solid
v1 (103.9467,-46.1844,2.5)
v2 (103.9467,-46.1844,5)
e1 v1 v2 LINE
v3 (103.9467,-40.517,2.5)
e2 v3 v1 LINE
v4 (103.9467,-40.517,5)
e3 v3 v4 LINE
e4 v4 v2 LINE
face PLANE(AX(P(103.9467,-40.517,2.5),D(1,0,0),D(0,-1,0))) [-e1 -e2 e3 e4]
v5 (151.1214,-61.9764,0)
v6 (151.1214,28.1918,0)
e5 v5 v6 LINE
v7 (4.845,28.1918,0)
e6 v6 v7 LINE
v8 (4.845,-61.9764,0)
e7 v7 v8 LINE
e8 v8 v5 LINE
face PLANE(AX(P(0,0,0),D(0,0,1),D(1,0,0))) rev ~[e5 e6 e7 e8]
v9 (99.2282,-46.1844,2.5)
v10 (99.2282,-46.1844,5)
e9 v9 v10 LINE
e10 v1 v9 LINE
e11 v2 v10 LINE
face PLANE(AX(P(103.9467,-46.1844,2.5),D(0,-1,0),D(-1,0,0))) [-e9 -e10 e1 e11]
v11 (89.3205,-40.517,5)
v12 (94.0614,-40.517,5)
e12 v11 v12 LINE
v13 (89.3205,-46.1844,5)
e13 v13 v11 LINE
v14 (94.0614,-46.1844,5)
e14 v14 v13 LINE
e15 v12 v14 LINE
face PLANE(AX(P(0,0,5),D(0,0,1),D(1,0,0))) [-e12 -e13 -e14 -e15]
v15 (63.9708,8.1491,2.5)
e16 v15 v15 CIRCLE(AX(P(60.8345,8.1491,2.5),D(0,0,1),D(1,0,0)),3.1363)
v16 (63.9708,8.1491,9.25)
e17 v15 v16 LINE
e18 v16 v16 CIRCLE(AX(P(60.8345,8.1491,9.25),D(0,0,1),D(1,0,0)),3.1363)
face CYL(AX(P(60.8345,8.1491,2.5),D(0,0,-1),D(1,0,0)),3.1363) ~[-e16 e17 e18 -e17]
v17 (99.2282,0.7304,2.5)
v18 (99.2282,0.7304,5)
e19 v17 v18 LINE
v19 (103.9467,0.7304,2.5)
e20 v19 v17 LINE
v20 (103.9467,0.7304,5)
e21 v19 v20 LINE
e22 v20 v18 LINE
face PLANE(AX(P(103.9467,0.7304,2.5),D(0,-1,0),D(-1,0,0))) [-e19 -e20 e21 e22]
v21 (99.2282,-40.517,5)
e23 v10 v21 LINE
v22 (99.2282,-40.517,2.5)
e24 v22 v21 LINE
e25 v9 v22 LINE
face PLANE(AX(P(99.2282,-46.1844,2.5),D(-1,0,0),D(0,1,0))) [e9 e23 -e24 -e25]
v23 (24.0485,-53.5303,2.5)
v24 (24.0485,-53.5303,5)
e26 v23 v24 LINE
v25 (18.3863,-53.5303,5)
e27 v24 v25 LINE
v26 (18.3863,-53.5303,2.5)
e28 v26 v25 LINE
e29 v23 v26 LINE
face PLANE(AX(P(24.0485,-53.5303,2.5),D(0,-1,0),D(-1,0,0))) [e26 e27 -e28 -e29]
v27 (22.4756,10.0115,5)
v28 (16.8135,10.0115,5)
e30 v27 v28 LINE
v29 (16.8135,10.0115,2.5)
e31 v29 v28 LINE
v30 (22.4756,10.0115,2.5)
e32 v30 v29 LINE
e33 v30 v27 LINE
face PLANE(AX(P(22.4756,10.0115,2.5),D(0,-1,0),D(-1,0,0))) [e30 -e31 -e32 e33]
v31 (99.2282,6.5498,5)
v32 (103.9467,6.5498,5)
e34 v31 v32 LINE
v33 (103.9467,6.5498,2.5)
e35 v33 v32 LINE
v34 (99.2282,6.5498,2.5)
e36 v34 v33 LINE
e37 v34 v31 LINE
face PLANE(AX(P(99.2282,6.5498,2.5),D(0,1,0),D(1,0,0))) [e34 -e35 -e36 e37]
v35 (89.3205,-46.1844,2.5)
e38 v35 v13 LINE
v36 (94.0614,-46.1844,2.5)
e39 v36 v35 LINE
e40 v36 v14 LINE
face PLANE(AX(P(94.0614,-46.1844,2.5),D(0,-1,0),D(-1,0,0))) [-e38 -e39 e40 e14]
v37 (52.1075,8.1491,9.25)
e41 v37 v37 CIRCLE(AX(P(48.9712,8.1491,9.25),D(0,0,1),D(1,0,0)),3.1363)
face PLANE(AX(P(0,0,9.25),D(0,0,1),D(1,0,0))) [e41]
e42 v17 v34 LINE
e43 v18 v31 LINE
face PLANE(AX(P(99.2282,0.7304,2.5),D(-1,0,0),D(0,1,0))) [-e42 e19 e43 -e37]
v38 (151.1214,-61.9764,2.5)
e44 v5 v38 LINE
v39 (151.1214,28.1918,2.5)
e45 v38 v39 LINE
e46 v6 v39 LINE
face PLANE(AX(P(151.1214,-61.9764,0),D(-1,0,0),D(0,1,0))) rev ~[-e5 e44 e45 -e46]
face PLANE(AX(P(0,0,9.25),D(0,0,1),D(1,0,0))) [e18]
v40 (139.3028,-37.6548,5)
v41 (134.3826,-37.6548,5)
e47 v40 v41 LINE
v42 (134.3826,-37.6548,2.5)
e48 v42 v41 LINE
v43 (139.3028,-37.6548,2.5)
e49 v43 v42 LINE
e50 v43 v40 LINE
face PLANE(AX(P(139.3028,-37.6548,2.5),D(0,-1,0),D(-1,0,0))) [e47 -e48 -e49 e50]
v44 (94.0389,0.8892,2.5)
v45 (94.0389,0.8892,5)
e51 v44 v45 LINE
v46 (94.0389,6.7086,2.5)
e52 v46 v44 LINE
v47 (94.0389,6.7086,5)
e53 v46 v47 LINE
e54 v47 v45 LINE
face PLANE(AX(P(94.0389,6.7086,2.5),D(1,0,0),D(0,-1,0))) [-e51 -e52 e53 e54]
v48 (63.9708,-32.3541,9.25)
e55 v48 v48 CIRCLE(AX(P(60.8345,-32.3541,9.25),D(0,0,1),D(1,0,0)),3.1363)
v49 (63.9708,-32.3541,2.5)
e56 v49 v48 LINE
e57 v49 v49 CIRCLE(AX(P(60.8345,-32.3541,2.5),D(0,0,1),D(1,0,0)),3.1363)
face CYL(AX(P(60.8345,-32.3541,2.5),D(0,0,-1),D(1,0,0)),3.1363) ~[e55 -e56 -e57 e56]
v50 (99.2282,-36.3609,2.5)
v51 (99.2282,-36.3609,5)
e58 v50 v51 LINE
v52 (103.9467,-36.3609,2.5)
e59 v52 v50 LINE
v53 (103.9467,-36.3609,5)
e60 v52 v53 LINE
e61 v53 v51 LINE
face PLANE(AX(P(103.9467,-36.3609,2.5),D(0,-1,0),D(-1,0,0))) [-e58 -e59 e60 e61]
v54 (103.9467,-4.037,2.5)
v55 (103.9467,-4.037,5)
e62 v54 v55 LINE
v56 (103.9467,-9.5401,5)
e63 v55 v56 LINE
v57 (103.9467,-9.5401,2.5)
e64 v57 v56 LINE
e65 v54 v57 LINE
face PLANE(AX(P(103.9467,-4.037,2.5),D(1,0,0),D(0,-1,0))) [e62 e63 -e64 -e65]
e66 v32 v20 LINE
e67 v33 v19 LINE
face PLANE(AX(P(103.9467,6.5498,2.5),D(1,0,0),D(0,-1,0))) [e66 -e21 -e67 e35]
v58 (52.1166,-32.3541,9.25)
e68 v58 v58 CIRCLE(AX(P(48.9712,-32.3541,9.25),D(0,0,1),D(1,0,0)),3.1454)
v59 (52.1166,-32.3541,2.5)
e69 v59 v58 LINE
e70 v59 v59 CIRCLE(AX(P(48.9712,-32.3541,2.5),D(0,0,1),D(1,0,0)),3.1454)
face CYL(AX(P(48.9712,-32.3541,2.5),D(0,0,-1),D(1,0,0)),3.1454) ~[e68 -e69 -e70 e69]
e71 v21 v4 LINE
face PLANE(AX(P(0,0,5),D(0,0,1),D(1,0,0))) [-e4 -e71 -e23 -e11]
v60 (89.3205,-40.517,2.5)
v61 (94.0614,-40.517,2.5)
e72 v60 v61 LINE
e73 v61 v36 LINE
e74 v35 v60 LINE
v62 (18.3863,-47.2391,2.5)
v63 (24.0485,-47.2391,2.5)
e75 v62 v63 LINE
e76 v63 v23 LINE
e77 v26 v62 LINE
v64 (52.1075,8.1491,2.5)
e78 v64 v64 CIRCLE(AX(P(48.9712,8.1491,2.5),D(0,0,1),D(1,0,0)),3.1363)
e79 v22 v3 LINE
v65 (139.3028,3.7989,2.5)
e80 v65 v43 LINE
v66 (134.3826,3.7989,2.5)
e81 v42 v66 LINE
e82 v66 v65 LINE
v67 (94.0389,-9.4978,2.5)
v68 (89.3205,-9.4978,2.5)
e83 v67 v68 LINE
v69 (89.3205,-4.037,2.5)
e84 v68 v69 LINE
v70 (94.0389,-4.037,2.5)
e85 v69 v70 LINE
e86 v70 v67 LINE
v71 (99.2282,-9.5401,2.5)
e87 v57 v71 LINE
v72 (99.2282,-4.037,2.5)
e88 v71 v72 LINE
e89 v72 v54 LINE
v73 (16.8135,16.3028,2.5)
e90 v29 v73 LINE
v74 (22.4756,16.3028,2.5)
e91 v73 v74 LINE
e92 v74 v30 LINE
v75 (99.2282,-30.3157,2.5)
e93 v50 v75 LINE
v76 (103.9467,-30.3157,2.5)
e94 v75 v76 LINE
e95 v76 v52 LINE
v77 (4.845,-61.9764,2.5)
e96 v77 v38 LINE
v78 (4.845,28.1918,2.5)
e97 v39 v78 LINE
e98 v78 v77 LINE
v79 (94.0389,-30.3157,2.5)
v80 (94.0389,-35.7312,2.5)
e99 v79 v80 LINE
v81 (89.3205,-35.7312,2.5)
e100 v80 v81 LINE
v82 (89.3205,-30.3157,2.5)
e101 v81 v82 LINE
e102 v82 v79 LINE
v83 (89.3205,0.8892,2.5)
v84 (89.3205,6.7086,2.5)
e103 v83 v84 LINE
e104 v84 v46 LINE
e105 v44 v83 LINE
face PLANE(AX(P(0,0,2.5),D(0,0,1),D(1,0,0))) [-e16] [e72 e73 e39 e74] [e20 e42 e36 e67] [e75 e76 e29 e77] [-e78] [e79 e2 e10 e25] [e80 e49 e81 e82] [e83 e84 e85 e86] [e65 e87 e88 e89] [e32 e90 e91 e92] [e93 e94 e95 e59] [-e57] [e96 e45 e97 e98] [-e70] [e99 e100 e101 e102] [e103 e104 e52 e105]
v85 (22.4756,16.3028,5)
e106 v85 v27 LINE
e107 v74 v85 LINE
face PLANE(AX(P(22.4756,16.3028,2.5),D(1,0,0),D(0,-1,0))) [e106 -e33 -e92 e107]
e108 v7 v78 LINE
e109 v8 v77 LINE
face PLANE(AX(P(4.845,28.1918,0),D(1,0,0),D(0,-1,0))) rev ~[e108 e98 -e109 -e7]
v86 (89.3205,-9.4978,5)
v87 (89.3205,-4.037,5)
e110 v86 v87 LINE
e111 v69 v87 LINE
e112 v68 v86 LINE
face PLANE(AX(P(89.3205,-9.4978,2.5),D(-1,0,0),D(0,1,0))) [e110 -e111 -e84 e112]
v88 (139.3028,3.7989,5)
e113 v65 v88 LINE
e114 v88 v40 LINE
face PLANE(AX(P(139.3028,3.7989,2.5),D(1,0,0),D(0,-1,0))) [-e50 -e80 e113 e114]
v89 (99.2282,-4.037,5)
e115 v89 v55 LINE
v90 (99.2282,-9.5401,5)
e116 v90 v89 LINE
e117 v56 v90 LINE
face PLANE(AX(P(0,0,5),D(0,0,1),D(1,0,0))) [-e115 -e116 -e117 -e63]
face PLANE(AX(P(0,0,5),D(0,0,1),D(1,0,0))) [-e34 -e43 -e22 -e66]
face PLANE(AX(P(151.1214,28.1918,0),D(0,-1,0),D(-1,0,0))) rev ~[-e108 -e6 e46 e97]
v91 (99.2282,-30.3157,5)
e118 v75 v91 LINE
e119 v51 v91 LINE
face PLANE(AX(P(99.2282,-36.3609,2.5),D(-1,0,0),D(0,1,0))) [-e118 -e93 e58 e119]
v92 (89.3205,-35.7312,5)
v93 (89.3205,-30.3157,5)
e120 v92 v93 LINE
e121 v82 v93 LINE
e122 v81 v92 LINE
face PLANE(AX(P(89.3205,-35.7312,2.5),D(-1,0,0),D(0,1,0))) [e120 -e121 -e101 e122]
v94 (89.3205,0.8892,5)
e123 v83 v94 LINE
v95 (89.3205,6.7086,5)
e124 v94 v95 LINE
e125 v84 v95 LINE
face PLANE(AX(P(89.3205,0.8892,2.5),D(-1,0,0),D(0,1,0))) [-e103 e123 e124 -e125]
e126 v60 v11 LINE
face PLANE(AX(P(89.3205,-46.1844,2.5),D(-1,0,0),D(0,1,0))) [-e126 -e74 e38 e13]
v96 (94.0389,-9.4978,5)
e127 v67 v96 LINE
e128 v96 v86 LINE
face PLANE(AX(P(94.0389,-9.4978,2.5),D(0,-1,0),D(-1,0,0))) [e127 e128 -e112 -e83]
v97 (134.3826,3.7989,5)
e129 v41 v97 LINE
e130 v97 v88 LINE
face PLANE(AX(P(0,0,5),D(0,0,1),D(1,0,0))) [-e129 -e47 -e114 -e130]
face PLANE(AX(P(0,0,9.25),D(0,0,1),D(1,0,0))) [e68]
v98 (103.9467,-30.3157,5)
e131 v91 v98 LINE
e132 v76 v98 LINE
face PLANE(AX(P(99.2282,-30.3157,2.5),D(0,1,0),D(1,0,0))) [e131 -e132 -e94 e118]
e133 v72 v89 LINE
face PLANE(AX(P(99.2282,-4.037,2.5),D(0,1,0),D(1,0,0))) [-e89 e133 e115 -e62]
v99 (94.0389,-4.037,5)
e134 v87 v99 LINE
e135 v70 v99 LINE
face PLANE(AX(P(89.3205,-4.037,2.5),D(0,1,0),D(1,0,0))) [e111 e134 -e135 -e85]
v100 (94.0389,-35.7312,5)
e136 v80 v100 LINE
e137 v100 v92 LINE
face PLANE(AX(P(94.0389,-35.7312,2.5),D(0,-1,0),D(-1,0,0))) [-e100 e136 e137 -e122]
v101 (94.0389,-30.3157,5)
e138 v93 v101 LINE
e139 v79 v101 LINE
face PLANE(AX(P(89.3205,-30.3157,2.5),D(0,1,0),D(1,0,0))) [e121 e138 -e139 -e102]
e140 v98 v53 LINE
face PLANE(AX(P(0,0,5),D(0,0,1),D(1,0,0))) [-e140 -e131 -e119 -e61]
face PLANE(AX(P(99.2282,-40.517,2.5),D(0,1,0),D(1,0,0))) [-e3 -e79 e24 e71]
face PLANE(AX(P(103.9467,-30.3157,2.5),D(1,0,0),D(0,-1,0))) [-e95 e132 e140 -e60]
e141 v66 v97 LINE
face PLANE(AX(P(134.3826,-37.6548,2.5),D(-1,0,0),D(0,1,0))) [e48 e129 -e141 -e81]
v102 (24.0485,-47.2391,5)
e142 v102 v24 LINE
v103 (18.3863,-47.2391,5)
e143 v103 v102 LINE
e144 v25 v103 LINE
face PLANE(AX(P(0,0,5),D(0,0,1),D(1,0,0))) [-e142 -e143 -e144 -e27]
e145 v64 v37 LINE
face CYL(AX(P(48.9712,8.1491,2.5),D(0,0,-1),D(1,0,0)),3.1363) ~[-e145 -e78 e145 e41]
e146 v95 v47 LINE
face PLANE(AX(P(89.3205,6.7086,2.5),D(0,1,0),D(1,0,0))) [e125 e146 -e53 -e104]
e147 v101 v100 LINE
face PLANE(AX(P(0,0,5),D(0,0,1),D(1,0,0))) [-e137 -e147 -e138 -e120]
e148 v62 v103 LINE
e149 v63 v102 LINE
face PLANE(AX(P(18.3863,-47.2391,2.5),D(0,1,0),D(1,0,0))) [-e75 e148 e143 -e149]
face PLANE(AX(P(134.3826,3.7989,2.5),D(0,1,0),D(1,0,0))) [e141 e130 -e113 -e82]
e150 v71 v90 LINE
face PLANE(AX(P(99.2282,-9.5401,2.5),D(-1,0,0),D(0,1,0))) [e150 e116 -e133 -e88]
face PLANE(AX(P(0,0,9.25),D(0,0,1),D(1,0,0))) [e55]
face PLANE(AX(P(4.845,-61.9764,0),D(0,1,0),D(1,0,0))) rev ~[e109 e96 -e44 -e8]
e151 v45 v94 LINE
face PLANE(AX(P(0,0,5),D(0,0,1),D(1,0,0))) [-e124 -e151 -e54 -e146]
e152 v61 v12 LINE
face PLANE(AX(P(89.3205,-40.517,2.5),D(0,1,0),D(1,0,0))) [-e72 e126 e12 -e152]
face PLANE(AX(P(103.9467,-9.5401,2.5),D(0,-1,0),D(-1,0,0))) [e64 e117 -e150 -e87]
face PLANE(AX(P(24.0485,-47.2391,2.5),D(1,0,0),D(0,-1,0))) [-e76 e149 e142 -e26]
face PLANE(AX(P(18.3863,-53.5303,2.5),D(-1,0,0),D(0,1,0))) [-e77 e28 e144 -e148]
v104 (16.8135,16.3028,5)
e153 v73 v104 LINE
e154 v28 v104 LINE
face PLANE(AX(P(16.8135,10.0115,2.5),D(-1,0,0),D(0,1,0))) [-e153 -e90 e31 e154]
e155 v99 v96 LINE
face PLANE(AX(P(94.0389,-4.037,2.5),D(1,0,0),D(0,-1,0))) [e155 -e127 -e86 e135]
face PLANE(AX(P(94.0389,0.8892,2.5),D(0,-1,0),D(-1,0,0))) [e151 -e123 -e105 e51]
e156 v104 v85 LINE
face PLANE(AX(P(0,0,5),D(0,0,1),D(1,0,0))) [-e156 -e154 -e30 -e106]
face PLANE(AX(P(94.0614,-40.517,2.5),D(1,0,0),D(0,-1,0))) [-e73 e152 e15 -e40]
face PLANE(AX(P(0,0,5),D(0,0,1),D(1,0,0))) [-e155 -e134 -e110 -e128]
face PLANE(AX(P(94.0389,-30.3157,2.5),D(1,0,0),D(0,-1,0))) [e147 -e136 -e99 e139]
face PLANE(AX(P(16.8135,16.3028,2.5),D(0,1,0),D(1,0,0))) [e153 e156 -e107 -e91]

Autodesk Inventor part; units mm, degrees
ref_plane "YZ Plane" through (0, 0, 0) normal (1, 0, 0) x (0, 1, 0)
ref_plane "XZ Plane" through (0, 0, 0) normal (0, 1, 0) x (-1, 0, 0)
ref_plane "XY Plane" through (0, 0, 0) normal (0, 0, 1) x (1, 0, 0)
sketch "Sketch1" plane through (0, 0, 0) normal (0, 0, 1) x (1, 0, 0)
  line L0 (151.1214, 28.1918) -> (4.845, 28.1918)
  line L1 (4.845, 28.1918) -> (4.845, -61.9764)
  line L2 (4.845, -61.9764) -> (151.1214, -61.9764)
  line L3 (151.1214, -61.9764) -> (151.1214, 28.1918)
  point P0 (0, 0)
extrude "Extrusion1" add sketch "Sketch1" along normal blind 2.5
sketch "Sketch2" plane through (0, 0, 2.5) normal (0, 0, 1) x (1, 0, 0)
  line L0 (16.8135, 16.3028) -> (22.4756, 16.3028)
  line L1 (22.4756, 16.3028) -> (22.4756, 10.0115)
  line L2 (22.4756, 10.0115) -> (16.8135, 10.0115)
  line L3 (16.8135, 10.0115) -> (16.8135, 16.3028)
  line L4 (18.3863, -47.2391) -> (24.0485, -47.2391)
  line L5 (24.0485, -47.2391) -> (24.0485, -53.5303)
  line L6 (24.0485, -53.5303) -> (18.3863, -53.5303)
  line L7 (18.3863, -53.5303) -> (18.3863, -47.2391)
  line L8 (89.3205, 6.7086) -> (94.0389, 6.7086)
  line L9 (94.0389, 6.7086) -> (94.0389, 0.8892)
  line L10 (94.0389, 0.8892) -> (89.3205, 0.8892)
  line L11 (89.3205, 0.8892) -> (89.3205, 6.7086)
  line L12 (99.2282, 6.5498) -> (103.9467, 6.5498)
  line L13 (103.9467, 6.5498) -> (103.9467, 0.7304)
  line L14 (103.9467, 0.7304) -> (99.2282, 0.7304)
  line L15 (99.2282, 0.7304) -> (99.2282, 6.5498)
  line L16 (89.3205, -4.037) -> (94.0389, -4.037)
  line L17 (94.0389, -4.037) -> (94.0389, -9.4978)
  line L18 (94.0389, -9.4978) -> (89.3205, -9.4978)
  line L19 (89.3205, -9.4978) -> (89.3205, -4.037)
  line L20 (99.2282, -4.037) -> (103.9467, -4.037)
  line L21 (103.9467, -4.037) -> (103.9467, -9.5401)
  line L22 (103.9467, -9.5401) -> (99.2282, -9.5401)
  line L23 (99.2282, -9.5401) -> (99.2282, -4.037)
  line L24 (134.3826, 3.7989) -> (139.3028, 3.7989)
  line L25 (139.3028, 3.7989) -> (139.3028, -37.6548)
  line L26 (139.3028, -37.6548) -> (134.3826, -37.6548)
  line L27 (134.3826, -37.6548) -> (134.3826, 3.7989)
  line L28 (89.3205, -30.3157) -> (94.0389, -30.3157)
  line L29 (94.0389, -30.3157) -> (94.0389, -35.7312)
  line L30 (94.0389, -35.7312) -> (89.3205, -35.7312)
  line L31 (89.3205, -35.7312) -> (89.3205, -30.3157)
  line L32 (99.2282, -30.3157) -> (103.9467, -30.3157)
  line L33 (103.9467, -30.3157) -> (103.9467, -36.3609)
  line L34 (103.9467, -36.3609) -> (99.2282, -36.3609)
  line L35 (99.2282, -36.3609) -> (99.2282, -30.3157)
  line L36 (99.2282, -40.517) -> (103.9467, -40.517)
  line L37 (103.9467, -40.517) -> (103.9467, -46.1844)
  line L38 (103.9467, -46.1844) -> (99.2282, -46.1844)
  line L39 (99.2282, -46.1844) -> (99.2282, -40.517)
  line L40 (89.3205, -40.517) -> (94.0614, -40.517)
  line L41 (94.0614, -40.517) -> (94.0614, -46.1844)
  line L42 (94.0614, -46.1844) -> (89.3205, -46.1844)
  line L43 (89.3205, -46.1844) -> (89.3205, -40.517)
  point P0 (0, 0)
extrude "Extrusion2" add sketch "Sketch2" along normal blind 2.5
sketch "Sketch3" plane through (0, 0, 2.5) normal (0, 0, 1) x (1, 0, 0)
  circle A0 centre (48.9712, 8.1491) radius 3.1363
  circle A1 centre (60.8345, 8.1491) radius 3.1363
  circle A2 centre (48.9712, -32.3541) radius 3.1454
  circle A3 centre (60.8345, -32.3541) radius 3.1363
  point P0 (0, 0)
extrude "Extrusion3" add sketch "Sketch3" along normal blind 6.75
properties part number "pcb"
